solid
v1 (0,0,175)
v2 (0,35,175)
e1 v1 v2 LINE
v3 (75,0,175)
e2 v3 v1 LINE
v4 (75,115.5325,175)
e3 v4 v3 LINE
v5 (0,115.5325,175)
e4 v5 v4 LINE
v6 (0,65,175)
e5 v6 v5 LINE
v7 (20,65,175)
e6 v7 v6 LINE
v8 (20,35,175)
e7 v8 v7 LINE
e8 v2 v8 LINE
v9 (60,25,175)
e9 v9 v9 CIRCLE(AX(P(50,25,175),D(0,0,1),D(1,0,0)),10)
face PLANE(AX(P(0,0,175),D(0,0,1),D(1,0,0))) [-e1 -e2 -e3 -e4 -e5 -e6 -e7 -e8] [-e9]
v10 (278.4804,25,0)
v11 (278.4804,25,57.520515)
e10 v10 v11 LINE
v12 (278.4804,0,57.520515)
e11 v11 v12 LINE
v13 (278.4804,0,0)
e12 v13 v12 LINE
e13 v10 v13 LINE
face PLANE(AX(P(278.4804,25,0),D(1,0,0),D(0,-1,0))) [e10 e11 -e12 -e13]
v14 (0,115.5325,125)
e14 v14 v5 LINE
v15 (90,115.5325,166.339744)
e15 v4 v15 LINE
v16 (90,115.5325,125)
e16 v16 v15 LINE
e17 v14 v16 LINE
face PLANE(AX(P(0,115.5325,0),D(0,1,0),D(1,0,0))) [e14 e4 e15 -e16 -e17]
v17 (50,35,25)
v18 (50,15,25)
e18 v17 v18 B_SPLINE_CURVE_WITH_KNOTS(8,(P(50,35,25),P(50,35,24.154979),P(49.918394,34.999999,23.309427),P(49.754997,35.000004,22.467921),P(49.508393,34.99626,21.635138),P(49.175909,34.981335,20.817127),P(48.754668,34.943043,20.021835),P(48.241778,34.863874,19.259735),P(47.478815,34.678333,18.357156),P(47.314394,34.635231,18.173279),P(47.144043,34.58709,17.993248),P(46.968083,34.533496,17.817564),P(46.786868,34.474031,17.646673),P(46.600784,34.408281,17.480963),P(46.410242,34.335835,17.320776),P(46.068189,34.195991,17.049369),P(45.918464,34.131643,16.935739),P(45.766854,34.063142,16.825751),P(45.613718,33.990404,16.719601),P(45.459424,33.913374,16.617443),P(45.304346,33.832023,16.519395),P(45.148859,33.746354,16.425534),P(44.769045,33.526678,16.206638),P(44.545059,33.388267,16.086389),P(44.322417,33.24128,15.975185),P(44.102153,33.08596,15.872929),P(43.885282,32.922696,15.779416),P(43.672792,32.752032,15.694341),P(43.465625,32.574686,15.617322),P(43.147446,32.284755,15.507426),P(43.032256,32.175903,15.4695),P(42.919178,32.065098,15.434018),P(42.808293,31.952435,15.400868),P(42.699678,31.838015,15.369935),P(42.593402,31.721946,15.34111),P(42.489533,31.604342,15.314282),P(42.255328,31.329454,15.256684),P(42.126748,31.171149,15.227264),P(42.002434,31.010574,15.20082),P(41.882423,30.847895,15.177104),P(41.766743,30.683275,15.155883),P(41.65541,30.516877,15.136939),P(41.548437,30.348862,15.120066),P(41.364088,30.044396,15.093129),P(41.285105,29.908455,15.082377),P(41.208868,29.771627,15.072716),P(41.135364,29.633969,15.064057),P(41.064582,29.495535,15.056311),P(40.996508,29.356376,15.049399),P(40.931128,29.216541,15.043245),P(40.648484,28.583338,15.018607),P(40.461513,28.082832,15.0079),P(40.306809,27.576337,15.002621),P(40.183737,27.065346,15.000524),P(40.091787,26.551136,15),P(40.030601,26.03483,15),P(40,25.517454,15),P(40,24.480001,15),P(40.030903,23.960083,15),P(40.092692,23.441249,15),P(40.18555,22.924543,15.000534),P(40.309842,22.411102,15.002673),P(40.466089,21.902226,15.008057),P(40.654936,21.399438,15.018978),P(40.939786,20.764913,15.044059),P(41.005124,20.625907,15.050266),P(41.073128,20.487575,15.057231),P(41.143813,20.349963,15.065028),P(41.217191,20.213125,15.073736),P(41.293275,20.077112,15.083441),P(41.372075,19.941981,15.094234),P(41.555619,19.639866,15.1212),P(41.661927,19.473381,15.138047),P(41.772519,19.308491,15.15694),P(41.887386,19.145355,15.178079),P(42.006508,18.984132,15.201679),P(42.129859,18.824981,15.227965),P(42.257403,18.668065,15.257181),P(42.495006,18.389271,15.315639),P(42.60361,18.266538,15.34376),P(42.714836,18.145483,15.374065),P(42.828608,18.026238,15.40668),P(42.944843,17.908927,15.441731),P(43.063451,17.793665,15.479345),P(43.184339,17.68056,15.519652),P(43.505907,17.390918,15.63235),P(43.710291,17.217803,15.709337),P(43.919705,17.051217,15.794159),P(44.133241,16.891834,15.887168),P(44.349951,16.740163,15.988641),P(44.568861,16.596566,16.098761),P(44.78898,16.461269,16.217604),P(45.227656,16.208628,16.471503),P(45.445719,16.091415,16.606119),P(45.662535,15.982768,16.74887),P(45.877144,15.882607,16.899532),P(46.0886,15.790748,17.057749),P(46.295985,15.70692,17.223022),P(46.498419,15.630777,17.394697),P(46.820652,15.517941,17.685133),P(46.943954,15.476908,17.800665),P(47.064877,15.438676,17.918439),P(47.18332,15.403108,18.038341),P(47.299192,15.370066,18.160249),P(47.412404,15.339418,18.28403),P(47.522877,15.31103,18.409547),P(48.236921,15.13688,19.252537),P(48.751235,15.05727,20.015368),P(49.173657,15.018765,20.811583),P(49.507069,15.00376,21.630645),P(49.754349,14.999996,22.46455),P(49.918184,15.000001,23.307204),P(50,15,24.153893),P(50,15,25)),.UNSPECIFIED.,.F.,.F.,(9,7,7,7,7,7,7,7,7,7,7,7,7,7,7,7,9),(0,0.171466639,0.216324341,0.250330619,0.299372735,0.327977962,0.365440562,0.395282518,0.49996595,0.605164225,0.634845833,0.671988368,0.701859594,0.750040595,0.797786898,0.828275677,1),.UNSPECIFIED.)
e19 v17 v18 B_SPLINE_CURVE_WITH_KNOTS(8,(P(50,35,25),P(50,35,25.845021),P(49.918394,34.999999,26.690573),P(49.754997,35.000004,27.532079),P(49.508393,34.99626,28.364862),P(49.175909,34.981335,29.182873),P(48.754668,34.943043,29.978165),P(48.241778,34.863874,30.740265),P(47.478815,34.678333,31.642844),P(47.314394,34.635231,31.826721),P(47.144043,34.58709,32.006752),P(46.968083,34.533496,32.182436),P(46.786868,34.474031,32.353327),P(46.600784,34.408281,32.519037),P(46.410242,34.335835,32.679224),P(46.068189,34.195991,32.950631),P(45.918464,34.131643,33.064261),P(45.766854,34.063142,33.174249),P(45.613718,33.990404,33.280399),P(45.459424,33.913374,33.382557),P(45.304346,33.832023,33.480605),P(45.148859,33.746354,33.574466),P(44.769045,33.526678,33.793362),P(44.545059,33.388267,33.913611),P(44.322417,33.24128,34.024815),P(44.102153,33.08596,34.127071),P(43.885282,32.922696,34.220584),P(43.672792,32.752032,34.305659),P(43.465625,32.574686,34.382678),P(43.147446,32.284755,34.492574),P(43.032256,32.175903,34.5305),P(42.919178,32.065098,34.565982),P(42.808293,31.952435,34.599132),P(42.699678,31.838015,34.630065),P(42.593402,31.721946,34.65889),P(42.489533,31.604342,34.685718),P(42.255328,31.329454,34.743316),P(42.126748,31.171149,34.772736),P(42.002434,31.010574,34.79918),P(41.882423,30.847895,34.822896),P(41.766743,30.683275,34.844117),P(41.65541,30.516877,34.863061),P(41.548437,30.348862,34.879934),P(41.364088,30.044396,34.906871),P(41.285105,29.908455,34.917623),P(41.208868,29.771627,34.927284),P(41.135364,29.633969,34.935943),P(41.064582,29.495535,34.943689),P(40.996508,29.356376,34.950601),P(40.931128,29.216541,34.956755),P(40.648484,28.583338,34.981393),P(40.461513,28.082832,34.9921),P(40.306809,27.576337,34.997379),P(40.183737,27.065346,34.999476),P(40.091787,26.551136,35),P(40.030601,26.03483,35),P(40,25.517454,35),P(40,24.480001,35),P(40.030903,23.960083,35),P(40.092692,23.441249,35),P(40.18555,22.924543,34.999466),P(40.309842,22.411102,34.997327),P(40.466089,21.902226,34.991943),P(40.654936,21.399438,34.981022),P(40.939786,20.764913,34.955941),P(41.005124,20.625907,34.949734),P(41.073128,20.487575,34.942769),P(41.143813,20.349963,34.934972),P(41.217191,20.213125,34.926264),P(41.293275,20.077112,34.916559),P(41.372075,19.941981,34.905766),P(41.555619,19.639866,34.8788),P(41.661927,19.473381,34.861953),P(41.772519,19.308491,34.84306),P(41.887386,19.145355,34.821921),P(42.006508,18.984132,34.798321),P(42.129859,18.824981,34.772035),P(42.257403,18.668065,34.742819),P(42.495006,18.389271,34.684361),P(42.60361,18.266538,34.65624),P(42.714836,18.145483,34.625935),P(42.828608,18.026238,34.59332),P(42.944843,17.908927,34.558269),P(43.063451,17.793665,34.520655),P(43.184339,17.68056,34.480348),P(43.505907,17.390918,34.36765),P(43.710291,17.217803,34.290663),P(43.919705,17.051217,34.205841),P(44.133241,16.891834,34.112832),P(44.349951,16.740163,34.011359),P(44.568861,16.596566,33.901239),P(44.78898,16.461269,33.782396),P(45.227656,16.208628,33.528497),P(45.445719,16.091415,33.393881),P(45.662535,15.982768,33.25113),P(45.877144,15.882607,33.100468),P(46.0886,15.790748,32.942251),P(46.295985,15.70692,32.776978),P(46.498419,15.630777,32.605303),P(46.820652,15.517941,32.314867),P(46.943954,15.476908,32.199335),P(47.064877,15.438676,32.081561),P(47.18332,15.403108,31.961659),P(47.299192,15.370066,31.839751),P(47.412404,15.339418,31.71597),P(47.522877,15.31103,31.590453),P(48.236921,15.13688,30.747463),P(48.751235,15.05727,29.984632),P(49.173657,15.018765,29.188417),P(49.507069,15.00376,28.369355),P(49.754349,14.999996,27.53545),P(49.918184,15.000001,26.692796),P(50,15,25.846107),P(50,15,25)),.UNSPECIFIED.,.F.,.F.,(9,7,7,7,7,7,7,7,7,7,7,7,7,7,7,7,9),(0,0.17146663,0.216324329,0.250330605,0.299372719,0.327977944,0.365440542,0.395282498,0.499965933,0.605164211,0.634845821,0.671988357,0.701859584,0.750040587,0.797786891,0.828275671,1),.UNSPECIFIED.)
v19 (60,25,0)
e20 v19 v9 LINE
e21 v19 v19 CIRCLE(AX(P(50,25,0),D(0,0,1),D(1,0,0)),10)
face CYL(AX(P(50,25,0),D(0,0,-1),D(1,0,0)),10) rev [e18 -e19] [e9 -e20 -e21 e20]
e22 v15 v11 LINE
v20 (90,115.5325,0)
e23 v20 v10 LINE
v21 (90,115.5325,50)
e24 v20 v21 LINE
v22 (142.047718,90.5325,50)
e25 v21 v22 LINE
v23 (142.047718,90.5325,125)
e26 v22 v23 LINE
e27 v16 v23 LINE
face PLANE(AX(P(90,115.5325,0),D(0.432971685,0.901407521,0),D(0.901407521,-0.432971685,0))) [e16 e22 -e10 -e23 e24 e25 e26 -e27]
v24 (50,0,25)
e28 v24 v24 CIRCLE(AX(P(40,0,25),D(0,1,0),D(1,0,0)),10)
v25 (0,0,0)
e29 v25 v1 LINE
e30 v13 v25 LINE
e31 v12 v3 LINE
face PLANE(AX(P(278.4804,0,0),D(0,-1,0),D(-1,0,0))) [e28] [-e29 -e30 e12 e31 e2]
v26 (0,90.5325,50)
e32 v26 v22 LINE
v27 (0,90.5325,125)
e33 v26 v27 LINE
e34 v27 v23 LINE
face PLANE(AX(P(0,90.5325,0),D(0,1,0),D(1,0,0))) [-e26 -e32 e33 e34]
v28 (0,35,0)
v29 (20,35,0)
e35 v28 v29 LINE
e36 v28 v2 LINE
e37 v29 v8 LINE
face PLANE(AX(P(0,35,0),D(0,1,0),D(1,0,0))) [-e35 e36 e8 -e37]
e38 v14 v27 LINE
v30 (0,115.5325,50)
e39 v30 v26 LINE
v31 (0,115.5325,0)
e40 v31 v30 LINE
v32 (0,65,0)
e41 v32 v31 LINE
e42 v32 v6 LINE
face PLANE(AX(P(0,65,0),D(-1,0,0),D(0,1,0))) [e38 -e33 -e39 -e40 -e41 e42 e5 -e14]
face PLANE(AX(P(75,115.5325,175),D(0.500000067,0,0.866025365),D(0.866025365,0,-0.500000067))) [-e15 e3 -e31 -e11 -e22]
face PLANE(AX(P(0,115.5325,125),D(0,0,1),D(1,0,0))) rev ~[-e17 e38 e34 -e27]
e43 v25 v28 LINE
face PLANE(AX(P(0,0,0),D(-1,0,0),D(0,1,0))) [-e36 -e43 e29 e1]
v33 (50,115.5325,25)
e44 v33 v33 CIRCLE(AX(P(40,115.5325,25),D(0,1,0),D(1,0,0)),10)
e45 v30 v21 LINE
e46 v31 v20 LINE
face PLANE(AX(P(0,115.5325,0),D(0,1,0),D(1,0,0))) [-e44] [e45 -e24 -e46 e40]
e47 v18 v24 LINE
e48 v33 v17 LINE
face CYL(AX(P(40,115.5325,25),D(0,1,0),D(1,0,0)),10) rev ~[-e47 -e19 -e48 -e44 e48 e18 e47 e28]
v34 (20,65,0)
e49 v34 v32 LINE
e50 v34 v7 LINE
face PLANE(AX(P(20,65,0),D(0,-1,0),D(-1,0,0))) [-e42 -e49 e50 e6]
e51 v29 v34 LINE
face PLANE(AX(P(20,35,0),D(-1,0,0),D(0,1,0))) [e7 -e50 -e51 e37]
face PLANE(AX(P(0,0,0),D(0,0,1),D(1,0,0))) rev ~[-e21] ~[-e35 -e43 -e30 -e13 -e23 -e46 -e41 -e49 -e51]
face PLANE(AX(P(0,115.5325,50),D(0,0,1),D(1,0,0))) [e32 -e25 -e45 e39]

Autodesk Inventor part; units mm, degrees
ref_plane "YZ Plane" through (0, 0, 0) normal (1, 0, 0) x (0, 1, 0)
ref_plane "XZ Plane" through (0, 0, 0) normal (0, 1, 0) x (-1, 0, 0)
ref_plane "XY Plane" through (0, 0, 0) normal (0, 0, 1) x (1, 0, 0)
sketch "Sketch1" plane through (0, 0, 0) normal (0, 0, 1) x (1, 0, 0)
  line L0 (0, 0) -> (0, 35)
  line L1 (0, 35) -> (20, 35)
  line L2 (20, 35) -> (20, 65)
  line L3 (20, 65) -> (0, 65)
  line L4 (0, 65) -> (0, 115.5325)
  line L5 (0, 115.5325) -> (90, 115.5325)
  line L6 (90, 115.5325) -> (278.4804, 25)
  line L7 (278.4804, 25) -> (278.4804, 0)
  line L8 (278.4804, 0) -> (0, 0)
  circle A0 centre (50, 25) radius 10
  dimension "d0" = 35
  dimension "d1" = 20
  dimension "d2" = 30
  dimension "d3" = 20
  dimension "d4" = 90
  dimension "d5" = 20
  dimension "d6" = 25
  dimension "d7" = 50
  dimension "d23" = 25
extrude "Extrusion1" add sketch "Sketch1" along normal blind 175
sketch "Sketch2" plane through (0, 115.5325, 0) normal (0, 1, 0) x (1, 0, 0)
  circle A0 centre (40, -25) radius 10
  line L0 (0, 0) -> (90, 0) projected
  line L1 (0, 0) -> (0, -175) projected
  dimension "d10" = 20
  dimension "d11" = 25
  dimension "d12" = 40
extrude "Extrusion2" cut sketch "Sketch2" against normal through all
sketch "Sketch3" plane through (0, 115.5325, 0) normal (0, 1, 0) x (1, 0, 0)
  line L0 (0, -50) -> (195.2781, -50)
  line L1 (0, 0) -> (90, 0) projected
  line L2 (0, 0) -> (0, -175) projected
  line L3 (0, -125) -> (195.2781, -125)
  line L4 (195.2781, -125) -> (195.2781, -50)
  line L5 (0, -125) -> (0, -50)
  dimension "d15" = 50
  dimension "d16" = 75
extrude "Extrusion3" cut sketch "Sketch3" against normal blind 25
sketch "Sketch4" plane through (0, 115.5325, 175) normal (0, 1, 0) x (1, 0, 0)
  line L0 (0, 0) -> (278.4804, 0) projected
  line L1 (75, 0) -> (320.0389, 141.4733)
  line L2 (320.0389, 141.4733) -> (320.0389, 0)
  line L3 (320.0389, 0) -> (75, 0)
  point P0 (0, 175)
  dimension "d19" = 75
  dimension "d20" = 30
extrude "Extrusion4" cut sketch "Sketch4" against normal through all
properties part number "HW 2 Part 3"
